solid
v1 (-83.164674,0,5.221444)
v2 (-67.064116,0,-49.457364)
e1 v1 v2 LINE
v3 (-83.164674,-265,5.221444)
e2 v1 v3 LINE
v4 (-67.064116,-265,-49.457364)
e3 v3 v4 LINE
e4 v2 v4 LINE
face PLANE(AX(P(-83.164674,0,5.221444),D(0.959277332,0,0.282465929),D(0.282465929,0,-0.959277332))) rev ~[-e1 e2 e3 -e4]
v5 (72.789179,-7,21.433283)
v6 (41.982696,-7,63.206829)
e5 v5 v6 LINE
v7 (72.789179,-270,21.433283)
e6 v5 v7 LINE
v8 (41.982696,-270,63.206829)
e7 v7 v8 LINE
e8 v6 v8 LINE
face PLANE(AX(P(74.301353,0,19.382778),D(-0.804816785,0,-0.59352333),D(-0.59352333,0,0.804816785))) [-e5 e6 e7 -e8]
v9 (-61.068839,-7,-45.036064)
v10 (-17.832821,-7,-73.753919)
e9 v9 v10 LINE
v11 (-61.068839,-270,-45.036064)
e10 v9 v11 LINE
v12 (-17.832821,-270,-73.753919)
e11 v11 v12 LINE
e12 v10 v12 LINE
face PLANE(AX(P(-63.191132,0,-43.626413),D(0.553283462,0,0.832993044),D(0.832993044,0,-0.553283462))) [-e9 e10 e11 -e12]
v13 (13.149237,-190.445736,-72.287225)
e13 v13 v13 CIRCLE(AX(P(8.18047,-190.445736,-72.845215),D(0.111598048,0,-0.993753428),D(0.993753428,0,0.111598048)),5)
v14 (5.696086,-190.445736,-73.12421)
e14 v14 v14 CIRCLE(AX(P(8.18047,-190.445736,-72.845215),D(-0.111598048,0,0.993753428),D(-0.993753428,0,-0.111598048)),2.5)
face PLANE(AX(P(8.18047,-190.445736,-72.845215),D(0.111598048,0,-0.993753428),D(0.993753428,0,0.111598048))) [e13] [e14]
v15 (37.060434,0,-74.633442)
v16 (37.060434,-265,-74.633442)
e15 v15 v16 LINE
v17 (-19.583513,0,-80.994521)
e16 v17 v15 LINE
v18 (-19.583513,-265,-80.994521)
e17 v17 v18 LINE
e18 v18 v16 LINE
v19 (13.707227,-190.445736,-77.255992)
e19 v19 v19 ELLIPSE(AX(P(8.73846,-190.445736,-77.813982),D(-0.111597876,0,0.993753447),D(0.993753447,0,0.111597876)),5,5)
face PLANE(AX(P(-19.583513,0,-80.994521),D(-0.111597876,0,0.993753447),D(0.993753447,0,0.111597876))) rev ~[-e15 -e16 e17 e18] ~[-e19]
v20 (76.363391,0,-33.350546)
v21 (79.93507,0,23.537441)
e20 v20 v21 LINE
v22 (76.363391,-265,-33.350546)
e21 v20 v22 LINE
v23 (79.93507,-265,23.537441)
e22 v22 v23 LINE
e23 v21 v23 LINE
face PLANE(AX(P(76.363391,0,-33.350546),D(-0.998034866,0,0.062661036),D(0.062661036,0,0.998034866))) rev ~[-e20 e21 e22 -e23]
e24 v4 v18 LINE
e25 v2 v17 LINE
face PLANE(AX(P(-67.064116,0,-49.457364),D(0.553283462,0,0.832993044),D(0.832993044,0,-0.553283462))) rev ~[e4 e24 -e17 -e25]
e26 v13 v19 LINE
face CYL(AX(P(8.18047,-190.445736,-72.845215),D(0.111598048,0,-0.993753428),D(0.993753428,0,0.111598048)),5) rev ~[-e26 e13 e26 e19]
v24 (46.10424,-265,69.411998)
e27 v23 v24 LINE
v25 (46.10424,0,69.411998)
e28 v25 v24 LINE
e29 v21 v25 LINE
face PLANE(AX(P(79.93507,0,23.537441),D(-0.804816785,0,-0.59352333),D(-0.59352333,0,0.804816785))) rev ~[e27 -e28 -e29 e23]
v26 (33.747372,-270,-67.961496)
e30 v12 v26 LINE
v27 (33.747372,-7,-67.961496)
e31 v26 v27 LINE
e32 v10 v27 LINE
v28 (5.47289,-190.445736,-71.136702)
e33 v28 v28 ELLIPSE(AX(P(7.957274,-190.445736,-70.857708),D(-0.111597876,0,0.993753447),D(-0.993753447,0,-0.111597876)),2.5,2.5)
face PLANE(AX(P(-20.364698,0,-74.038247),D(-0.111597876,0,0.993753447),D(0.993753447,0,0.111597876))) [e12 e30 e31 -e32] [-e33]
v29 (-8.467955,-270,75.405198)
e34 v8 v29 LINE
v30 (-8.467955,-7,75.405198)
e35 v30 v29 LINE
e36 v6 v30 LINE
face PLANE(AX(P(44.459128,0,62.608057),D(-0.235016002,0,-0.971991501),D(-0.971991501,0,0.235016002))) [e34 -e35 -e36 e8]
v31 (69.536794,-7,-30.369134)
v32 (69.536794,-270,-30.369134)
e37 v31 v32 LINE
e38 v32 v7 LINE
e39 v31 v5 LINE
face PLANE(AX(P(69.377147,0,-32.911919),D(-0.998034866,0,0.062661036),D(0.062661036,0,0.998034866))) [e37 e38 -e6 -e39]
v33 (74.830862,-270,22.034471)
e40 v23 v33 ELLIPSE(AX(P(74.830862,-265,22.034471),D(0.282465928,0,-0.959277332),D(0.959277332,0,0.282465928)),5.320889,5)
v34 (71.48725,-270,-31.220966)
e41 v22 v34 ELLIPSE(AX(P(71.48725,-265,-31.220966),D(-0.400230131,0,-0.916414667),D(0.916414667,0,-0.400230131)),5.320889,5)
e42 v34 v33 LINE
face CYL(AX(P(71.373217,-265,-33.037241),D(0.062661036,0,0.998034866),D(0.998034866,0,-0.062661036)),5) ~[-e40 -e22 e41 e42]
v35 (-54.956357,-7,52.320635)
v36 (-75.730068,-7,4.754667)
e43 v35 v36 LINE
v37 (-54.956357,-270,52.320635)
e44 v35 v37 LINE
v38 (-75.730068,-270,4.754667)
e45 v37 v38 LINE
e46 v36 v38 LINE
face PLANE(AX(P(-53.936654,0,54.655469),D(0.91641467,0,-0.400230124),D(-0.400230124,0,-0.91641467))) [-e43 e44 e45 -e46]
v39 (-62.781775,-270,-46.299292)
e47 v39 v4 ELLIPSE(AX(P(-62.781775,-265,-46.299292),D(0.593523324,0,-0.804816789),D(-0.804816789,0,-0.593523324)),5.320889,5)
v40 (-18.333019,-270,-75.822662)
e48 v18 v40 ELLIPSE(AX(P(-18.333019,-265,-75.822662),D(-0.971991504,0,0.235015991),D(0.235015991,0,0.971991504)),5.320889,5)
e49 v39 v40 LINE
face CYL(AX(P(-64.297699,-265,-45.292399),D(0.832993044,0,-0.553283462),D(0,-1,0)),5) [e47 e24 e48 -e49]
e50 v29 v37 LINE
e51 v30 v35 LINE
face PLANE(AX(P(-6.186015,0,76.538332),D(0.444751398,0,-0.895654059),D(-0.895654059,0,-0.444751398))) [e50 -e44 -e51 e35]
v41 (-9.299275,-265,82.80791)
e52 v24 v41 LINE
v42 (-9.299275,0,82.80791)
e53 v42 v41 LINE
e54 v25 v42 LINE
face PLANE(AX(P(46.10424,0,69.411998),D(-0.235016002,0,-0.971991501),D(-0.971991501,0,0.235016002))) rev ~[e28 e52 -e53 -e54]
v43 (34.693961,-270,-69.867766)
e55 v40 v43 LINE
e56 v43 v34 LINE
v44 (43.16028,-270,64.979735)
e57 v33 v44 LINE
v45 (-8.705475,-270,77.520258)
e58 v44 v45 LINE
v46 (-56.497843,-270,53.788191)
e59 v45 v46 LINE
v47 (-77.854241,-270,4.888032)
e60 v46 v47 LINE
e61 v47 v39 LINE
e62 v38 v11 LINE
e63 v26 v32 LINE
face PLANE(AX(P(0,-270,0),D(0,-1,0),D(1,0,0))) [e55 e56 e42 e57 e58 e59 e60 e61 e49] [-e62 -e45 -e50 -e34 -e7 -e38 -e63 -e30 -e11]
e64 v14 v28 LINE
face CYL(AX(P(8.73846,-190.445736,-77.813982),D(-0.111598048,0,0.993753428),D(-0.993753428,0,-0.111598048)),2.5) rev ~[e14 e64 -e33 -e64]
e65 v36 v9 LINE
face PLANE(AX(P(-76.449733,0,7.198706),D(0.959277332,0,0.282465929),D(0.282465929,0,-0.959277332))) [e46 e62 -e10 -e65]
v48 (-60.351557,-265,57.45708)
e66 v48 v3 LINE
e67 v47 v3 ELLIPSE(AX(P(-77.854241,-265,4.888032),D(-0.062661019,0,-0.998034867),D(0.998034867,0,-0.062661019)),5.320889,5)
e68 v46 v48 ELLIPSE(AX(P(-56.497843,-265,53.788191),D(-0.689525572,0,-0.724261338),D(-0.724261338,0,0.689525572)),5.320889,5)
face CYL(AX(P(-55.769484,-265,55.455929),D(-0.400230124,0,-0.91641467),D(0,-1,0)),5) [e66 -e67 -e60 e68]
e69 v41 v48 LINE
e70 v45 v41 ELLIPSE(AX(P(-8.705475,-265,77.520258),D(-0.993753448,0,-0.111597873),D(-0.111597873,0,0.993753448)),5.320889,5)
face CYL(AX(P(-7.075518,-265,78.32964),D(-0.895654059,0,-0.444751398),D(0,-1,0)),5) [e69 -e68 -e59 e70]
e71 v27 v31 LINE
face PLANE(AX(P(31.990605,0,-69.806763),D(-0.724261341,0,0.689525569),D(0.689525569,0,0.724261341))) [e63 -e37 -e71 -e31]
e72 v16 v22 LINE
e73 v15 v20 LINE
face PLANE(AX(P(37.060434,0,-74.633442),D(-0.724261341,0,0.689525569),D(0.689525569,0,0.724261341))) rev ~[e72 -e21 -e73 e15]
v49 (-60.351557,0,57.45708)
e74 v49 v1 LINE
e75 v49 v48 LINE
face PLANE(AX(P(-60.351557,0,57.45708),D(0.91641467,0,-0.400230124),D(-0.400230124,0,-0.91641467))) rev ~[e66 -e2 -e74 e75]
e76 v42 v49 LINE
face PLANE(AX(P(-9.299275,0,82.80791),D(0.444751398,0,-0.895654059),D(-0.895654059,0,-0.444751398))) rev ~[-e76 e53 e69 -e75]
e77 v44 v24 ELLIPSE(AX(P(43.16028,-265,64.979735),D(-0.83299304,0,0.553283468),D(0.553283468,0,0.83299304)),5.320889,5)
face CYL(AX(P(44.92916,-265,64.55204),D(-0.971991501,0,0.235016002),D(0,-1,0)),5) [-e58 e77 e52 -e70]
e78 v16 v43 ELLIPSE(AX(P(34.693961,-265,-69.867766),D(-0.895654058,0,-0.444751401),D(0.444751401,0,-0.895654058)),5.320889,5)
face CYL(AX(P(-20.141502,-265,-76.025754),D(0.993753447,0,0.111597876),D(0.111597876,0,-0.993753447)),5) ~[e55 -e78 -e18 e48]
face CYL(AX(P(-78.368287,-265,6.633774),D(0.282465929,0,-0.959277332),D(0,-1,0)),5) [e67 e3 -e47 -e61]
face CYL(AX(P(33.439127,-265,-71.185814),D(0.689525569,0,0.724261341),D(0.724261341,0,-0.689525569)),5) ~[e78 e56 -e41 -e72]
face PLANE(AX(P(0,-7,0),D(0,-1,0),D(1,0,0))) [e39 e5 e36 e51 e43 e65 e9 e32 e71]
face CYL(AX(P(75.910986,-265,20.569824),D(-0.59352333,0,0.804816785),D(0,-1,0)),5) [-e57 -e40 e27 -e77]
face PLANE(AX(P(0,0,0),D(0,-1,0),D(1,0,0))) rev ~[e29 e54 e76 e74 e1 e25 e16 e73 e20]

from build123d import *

# Parameters (mm, degrees)
F1_DEPTH       = 270
F2_T           = -7
F5_D           = 5
F5_DEPTH       = 20
F5_CBORE_D     = 10
F5_CBORE_DEPTH = 5
F6_R           = 5


with BuildPart() as f1:
    # F0 (on Front) → F1 (new body)
    with BuildSketch(Plane.XZ):
        Polygon((37.060434, -74.633442), (76.363391, -33.350546), (79.93507, 23.537441), (46.10424, 69.411998), (-9.299275, 82.80791), (-60.351557, 57.45708), (-83.164674, 5.221444), (-67.064116, -49.457364), (-19.583513, -80.994521), align=None)
    extrude(amount=F1_DEPTH)

    # F2
    f2_openings = [f1.faces().sort_by_distance(p)[0] for p in [
        (0, -270, 0),
    ]]
    offset(amount=F2_T, openings=f2_openings)

    # F5
    with Locations(Plane(origin=(8.73846, 0, -77.813982), x_dir=(0.993753, 0, 0.111598), z_dir=(0.111598, 0, -0.993753))):
        with Locations((0, 190.445736)):
            CounterBoreHole(F5_D / 2, F5_CBORE_D / 2, F5_CBORE_DEPTH, depth=F5_DEPTH)

    # F6
    f6_edges = [f1.edges().sort_by_distance(p)[0] for p in [
        (-75.114395, -270, -22.11796),
        (8.73846, -270, -77.813982),
        (56.711913, -270, -53.991994),
        (-43.323814, -270, -65.225943),
        (78.14923, -270, -4.906553),
        (63.019655, -270, 46.47472),
        (18.402482, -270, 76.109954),
        (-34.825416, -270, 70.132495),
        (-71.758115, -270, 31.339262),
    ]]
    fillet(f6_edges, radius=F6_R)


solid = f1.part
